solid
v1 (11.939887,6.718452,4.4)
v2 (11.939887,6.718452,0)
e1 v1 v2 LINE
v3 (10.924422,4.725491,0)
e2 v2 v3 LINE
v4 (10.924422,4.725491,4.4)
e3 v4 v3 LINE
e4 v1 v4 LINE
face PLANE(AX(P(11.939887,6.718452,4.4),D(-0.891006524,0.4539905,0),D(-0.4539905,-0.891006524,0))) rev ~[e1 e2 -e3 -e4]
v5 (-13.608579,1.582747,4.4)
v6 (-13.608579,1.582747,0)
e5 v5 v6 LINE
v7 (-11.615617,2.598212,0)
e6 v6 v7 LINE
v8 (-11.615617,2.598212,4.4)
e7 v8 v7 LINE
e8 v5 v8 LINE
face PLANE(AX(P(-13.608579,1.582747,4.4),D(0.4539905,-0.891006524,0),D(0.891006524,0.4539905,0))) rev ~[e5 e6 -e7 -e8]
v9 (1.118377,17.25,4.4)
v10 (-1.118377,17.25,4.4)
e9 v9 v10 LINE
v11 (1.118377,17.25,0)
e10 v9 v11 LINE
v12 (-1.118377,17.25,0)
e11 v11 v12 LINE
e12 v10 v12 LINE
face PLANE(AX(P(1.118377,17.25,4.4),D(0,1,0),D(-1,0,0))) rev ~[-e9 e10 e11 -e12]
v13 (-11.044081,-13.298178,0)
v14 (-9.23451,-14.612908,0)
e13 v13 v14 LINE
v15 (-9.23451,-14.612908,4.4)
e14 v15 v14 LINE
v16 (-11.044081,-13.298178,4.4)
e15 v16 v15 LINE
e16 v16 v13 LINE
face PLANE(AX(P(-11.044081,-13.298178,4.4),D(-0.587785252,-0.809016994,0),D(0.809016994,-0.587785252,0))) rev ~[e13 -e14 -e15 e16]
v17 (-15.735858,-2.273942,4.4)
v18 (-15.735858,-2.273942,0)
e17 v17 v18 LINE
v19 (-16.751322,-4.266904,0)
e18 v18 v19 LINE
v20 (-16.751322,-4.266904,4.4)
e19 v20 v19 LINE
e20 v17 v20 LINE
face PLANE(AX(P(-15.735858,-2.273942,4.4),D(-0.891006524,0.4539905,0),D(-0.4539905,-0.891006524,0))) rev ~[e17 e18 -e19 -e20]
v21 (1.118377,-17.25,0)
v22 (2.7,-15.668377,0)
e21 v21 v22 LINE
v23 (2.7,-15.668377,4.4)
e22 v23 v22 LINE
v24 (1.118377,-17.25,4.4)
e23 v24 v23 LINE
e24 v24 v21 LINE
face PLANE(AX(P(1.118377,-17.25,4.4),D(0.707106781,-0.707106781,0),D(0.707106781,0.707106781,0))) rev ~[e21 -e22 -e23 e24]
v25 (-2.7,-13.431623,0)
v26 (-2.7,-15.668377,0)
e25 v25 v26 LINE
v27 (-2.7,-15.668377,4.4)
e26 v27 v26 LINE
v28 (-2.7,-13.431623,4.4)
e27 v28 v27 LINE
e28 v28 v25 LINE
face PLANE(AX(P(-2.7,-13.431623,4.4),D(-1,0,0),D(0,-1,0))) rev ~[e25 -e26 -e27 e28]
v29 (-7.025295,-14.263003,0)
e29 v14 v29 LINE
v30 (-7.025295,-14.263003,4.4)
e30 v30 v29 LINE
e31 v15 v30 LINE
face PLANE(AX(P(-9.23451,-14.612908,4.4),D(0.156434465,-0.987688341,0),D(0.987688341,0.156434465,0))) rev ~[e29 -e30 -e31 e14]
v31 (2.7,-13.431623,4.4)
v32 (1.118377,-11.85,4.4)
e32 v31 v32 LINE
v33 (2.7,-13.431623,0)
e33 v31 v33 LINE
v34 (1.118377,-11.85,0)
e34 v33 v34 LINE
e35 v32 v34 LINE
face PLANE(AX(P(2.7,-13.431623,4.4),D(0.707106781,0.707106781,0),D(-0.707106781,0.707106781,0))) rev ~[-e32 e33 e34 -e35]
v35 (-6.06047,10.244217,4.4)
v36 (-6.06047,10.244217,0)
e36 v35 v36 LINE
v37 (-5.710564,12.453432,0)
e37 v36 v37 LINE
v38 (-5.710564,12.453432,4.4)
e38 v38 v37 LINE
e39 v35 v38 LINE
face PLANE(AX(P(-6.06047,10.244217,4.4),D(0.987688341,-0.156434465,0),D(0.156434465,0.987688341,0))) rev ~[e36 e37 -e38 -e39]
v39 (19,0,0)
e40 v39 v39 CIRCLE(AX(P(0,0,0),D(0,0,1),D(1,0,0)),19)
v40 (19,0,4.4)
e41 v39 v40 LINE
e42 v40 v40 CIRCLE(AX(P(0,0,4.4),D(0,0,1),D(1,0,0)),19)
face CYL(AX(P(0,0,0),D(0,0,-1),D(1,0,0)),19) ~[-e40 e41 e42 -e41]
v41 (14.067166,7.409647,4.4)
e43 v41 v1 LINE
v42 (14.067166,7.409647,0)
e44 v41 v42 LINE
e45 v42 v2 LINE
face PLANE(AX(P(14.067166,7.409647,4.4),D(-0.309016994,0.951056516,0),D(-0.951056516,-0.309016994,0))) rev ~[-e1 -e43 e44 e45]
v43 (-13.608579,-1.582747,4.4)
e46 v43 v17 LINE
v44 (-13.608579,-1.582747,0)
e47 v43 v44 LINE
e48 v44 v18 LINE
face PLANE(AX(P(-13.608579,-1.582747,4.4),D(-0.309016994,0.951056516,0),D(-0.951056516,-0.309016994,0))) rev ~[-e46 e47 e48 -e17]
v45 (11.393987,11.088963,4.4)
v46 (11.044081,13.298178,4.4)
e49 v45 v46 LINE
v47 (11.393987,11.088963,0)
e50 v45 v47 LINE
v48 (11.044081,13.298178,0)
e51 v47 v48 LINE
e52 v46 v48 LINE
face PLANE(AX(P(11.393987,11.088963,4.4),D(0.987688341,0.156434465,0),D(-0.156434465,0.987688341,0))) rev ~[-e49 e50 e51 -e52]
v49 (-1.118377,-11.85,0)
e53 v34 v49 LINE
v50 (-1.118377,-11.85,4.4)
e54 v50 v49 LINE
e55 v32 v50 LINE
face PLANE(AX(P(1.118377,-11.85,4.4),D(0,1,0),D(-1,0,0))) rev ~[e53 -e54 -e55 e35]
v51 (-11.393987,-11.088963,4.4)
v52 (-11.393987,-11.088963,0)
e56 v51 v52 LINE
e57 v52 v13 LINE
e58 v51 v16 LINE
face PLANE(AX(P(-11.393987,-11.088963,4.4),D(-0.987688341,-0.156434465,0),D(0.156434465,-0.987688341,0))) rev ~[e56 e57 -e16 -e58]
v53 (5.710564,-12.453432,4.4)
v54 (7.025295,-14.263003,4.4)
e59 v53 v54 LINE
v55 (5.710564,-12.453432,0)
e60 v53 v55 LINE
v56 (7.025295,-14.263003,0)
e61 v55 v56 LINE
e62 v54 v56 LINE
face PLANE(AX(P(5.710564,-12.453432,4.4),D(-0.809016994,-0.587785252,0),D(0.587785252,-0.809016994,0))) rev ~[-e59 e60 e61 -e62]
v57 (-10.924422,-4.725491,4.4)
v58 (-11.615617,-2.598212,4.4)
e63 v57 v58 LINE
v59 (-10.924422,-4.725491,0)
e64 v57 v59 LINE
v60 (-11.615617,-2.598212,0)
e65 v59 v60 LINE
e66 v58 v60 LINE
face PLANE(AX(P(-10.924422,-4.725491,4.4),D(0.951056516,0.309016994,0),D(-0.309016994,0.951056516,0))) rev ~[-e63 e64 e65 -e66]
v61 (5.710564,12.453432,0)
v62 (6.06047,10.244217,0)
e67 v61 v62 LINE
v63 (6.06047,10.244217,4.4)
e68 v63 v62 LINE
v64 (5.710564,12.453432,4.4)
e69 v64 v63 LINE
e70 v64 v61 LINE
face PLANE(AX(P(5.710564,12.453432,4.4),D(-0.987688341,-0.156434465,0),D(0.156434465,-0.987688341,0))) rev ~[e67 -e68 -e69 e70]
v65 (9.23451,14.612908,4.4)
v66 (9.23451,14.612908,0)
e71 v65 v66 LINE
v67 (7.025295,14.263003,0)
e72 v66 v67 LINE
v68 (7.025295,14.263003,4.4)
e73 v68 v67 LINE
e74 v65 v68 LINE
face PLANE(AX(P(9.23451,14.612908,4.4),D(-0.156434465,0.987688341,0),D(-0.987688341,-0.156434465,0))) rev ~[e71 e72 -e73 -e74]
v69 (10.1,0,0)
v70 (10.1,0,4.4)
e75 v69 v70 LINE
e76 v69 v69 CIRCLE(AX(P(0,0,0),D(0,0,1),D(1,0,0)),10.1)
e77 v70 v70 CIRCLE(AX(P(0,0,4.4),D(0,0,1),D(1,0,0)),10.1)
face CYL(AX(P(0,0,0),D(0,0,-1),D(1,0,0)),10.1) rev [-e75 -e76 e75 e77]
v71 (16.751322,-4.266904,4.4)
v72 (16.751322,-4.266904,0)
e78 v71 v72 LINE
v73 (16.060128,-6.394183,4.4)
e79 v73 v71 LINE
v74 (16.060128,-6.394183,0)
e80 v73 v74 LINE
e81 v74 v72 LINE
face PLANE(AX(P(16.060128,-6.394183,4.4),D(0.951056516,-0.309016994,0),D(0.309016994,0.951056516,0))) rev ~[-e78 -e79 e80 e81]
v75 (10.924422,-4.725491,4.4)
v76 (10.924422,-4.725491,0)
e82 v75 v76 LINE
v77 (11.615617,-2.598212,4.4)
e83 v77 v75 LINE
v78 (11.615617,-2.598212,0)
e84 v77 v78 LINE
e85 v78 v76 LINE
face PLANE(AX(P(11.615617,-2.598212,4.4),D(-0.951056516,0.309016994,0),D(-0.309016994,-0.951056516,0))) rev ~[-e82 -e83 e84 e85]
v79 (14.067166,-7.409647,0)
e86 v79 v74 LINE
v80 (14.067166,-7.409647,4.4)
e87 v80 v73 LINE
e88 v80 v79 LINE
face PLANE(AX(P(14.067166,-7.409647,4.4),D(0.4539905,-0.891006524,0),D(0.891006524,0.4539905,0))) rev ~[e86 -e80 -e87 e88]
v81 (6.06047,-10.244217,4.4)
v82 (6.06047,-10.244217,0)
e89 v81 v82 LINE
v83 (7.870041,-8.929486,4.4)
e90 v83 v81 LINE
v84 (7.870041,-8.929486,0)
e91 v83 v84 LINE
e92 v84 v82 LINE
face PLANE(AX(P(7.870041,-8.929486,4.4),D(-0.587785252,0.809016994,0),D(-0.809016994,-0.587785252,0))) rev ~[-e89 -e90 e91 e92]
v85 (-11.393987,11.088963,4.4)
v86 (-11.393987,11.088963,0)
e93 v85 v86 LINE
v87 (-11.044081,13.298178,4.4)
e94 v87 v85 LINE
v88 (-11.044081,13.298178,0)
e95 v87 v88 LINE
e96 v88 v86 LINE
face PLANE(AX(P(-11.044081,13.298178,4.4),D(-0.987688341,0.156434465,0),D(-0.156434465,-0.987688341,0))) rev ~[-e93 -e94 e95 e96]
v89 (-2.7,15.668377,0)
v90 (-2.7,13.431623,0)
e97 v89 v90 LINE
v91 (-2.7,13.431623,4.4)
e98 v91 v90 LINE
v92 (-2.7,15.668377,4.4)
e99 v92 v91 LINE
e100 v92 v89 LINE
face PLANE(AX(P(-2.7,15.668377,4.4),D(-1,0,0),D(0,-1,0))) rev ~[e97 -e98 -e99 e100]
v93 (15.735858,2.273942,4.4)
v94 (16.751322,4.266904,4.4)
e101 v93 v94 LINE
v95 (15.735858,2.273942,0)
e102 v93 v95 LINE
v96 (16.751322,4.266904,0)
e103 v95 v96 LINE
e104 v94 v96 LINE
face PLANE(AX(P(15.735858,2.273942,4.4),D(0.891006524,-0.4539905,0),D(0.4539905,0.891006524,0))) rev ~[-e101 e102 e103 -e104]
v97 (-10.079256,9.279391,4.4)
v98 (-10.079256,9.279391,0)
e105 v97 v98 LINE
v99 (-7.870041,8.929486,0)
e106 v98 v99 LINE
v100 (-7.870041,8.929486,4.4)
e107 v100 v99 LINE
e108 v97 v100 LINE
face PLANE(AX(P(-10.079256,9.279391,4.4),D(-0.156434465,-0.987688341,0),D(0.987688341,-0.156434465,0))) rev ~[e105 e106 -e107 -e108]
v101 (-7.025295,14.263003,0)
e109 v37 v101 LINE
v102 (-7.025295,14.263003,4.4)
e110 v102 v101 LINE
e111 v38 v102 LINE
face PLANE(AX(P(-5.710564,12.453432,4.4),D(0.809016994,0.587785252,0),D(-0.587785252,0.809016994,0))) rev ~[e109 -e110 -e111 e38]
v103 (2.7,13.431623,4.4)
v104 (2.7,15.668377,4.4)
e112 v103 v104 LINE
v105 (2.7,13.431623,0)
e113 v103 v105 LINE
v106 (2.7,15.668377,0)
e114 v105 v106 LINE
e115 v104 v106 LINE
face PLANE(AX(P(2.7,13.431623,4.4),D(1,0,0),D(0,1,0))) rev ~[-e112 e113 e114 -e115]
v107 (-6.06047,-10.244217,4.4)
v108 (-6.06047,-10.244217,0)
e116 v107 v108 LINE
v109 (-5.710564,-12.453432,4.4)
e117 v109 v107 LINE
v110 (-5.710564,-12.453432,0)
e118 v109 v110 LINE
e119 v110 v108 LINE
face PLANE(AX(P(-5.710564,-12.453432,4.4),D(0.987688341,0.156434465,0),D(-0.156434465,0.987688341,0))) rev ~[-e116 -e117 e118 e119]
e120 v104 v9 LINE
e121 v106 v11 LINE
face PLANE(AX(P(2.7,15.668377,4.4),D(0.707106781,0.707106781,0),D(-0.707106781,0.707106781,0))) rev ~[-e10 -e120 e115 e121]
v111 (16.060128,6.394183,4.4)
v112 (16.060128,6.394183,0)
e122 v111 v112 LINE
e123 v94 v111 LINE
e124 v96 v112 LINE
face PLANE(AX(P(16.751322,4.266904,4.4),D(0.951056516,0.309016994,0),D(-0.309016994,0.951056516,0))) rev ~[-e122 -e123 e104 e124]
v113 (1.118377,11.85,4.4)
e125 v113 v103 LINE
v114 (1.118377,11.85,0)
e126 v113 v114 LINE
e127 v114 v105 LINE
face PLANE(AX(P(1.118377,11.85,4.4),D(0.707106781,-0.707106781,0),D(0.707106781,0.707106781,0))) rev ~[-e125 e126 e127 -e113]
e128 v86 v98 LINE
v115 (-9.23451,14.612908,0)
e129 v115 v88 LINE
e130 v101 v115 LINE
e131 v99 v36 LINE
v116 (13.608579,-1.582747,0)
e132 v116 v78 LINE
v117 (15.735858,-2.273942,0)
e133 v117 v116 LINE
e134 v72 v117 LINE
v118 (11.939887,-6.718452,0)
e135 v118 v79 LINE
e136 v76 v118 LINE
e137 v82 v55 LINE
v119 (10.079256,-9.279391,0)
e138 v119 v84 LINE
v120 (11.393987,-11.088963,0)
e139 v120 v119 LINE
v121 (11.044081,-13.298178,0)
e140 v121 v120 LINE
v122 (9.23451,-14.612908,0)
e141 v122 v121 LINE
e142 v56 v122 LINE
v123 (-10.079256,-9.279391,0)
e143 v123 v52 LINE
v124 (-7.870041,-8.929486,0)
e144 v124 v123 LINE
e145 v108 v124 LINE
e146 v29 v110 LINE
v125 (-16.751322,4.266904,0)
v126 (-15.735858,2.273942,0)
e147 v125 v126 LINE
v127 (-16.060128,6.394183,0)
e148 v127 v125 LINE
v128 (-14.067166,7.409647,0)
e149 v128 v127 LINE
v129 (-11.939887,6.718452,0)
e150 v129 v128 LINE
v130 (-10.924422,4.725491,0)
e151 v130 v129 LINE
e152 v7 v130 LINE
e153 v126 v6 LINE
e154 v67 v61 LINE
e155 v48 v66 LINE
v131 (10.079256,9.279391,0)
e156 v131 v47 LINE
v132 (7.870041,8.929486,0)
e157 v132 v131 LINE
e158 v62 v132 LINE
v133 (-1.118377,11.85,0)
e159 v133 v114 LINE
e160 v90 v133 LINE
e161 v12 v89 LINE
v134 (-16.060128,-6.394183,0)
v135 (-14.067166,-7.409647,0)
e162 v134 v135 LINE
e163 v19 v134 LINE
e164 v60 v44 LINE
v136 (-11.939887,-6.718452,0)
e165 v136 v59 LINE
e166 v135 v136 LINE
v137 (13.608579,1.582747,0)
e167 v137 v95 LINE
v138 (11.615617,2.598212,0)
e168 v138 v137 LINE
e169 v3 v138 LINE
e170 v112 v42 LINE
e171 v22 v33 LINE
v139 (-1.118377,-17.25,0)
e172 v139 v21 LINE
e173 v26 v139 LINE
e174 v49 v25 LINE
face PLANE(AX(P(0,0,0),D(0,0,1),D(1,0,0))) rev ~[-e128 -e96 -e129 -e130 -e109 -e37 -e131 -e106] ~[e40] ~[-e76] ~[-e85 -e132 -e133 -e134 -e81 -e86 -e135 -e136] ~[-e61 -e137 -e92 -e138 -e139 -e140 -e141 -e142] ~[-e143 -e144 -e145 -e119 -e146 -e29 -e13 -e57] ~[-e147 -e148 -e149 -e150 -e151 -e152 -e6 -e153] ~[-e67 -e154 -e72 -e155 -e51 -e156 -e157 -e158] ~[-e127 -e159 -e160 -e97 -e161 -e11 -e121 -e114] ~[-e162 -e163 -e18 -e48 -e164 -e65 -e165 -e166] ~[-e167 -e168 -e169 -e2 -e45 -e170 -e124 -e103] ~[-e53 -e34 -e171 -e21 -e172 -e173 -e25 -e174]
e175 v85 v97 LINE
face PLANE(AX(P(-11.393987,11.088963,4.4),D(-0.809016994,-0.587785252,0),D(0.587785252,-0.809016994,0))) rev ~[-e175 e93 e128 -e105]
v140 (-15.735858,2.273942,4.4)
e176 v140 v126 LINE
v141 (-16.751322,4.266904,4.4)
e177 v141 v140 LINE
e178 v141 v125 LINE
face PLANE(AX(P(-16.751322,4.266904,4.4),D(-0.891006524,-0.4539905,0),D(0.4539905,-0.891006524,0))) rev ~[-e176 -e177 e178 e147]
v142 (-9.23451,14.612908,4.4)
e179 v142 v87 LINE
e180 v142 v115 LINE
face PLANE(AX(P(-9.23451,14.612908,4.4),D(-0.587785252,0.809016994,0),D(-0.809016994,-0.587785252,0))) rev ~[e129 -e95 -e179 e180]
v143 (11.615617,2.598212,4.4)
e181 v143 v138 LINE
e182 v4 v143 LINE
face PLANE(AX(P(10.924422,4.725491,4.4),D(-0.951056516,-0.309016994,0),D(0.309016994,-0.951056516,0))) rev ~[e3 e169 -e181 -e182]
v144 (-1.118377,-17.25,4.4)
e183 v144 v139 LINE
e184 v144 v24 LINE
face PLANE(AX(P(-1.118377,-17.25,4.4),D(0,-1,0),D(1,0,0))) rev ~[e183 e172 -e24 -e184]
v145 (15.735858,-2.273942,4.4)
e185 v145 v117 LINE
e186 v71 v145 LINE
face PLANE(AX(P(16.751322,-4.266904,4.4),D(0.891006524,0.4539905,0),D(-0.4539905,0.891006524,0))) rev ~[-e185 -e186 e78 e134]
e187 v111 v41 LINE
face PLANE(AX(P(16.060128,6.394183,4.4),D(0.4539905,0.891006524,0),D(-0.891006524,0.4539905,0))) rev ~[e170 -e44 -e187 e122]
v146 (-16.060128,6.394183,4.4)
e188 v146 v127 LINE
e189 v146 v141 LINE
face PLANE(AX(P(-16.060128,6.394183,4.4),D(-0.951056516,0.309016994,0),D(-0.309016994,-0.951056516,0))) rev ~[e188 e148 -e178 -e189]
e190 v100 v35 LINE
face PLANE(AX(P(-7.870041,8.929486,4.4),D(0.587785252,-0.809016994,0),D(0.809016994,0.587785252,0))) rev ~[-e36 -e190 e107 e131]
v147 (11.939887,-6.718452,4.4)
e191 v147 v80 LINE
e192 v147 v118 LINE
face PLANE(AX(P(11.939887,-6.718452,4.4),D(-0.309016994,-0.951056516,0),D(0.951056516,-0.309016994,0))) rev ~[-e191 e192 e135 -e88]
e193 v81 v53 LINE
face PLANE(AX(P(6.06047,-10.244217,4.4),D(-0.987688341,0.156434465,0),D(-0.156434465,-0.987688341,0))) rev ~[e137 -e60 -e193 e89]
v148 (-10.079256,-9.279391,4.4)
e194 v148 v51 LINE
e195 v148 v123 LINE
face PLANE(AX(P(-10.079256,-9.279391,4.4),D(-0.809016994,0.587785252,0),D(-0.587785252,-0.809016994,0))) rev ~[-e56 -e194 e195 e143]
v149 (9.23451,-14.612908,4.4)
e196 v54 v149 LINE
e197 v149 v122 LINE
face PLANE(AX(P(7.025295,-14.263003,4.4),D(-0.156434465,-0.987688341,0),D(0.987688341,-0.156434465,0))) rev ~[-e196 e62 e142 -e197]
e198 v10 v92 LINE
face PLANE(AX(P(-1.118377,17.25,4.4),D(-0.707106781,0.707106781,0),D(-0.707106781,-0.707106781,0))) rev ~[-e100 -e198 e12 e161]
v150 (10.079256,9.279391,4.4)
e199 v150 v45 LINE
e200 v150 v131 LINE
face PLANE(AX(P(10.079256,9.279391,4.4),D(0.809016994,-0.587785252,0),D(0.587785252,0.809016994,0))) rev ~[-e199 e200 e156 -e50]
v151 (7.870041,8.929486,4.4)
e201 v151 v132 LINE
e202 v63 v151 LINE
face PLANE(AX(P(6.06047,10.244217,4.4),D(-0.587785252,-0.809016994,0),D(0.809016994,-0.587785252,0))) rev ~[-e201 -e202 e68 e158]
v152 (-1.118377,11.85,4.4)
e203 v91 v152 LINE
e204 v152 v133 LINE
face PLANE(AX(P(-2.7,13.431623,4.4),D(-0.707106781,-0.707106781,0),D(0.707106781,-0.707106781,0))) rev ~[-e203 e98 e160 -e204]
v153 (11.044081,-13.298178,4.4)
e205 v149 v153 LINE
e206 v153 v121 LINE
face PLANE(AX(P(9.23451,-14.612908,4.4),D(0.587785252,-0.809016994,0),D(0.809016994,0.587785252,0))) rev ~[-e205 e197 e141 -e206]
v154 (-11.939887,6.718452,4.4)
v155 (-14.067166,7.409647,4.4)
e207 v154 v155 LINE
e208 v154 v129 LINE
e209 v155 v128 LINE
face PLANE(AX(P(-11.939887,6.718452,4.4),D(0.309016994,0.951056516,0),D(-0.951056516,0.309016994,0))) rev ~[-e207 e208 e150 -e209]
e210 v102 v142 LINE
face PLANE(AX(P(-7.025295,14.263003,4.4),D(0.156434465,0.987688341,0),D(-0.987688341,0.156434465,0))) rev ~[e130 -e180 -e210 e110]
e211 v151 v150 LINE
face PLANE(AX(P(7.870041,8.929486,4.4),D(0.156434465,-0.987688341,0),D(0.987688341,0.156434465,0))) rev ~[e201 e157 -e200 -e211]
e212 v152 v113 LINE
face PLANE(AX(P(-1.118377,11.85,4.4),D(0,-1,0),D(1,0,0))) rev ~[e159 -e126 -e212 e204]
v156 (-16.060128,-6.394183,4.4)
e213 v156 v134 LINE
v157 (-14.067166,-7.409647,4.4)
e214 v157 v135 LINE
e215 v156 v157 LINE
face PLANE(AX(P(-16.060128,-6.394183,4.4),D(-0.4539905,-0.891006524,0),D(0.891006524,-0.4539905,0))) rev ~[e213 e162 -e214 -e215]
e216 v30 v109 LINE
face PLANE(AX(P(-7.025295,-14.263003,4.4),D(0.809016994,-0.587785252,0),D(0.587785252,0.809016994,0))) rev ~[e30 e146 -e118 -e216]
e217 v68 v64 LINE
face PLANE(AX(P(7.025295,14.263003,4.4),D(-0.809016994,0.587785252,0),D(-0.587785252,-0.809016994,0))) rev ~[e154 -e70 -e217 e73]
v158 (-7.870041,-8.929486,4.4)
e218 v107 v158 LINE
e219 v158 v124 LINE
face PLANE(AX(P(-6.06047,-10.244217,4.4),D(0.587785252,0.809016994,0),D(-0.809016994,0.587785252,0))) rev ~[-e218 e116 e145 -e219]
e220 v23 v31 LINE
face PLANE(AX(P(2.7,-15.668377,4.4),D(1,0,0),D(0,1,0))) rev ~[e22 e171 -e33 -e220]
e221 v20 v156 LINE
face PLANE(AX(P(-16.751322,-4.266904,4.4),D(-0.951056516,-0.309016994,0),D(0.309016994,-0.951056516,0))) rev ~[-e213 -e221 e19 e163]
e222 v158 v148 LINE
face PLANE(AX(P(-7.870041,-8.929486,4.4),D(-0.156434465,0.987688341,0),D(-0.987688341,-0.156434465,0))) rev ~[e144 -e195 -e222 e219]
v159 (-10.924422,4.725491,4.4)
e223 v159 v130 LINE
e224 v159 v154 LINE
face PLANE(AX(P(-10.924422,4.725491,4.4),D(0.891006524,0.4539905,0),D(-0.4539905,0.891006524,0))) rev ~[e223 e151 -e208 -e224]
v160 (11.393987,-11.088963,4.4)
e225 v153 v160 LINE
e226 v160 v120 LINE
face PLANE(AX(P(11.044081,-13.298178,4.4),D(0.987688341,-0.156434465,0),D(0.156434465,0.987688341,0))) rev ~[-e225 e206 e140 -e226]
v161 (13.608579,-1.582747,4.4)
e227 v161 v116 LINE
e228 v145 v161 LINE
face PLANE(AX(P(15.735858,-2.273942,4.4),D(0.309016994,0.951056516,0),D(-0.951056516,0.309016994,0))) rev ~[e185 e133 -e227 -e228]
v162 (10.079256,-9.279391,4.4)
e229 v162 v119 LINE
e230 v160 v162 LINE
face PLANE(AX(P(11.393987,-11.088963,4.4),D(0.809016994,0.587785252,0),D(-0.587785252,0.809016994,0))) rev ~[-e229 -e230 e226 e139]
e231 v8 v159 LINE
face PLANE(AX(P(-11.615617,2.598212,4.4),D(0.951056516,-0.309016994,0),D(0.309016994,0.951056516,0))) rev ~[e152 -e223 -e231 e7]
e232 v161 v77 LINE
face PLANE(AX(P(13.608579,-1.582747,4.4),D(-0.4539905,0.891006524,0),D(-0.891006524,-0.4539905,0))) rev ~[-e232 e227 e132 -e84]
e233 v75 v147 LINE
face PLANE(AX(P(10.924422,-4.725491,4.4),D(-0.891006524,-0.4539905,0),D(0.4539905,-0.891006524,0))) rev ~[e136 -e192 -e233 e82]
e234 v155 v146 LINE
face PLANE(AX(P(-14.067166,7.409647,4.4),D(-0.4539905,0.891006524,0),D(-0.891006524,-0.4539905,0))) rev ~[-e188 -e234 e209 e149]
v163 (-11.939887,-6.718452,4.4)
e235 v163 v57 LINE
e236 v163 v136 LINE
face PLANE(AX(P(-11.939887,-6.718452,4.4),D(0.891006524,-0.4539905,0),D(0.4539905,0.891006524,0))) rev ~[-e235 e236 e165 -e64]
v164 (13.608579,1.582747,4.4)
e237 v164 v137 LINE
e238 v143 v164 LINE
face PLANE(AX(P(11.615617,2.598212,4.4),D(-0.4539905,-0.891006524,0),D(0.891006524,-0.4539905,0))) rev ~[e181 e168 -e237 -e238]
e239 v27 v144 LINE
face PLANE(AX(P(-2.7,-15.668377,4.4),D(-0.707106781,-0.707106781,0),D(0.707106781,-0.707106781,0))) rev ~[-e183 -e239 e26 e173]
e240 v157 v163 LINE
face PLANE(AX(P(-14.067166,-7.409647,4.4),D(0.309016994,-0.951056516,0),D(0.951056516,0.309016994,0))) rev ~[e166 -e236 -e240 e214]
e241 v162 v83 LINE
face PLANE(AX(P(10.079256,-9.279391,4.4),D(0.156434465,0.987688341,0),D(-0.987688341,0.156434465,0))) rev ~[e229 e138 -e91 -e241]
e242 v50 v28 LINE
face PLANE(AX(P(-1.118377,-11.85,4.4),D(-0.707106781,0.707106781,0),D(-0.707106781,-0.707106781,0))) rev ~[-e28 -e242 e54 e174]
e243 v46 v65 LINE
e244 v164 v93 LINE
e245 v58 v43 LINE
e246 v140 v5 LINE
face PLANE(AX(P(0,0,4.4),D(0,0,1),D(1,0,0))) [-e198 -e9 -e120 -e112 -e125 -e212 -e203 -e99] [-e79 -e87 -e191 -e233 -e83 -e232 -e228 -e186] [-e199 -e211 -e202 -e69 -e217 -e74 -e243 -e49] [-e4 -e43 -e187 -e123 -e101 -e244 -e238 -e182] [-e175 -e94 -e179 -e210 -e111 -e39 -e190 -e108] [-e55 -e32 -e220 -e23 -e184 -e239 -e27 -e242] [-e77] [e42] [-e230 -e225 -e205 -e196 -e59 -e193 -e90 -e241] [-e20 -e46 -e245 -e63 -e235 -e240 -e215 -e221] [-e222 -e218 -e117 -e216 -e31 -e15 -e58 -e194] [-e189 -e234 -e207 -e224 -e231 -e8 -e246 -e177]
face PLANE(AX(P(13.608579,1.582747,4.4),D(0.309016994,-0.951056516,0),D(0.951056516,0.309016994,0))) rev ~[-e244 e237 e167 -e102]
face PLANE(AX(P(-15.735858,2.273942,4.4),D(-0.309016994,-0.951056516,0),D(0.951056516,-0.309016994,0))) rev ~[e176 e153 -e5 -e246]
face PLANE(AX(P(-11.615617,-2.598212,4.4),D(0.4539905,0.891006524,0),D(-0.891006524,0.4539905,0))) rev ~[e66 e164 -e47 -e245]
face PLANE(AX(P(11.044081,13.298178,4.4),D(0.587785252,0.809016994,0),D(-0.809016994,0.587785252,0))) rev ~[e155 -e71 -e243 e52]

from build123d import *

# Parameters (mm, degrees)
CROQUIS1_R              = 19
CROQUIS1_R_2            = 10.1
SALIENTE_EXTRUIR1_DEPTH = 4.4
CORTAR_EXTRUIR1_DEPTH   = 4.4
MATRIZC1_COUNT          = 10


with BuildPart() as part:
    # Croquis1 → Saliente-Extruir1 (new body)
    with BuildSketch(Plane(origin=(0, 0, 0), x_dir=(0, 1, 0), z_dir=(0, 0, 1))):
        with Locations(Location((0, 0, 0), (0, 0, 270))):
            Circle(CROQUIS1_R)
        with Locations(Location((0, 0, 0), (0, 0, 270))):
            Circle(CROQUIS1_R_2, mode=Mode.SUBTRACT)
    extrude(amount=SALIENTE_EXTRUIR1_DEPTH)

    # Croquis2 → Cortar-Extruir1 (cut)
    with BuildSketch(Plane.XY.offset(4.4)):
        Polygon((2.7, 13.431623382), (2.7, 15.668376618), (1.118376618, 17.25), (-1.118376618, 17.25), (-2.7, 15.668376618), (-2.7, 13.431623382), (-1.118376618, 11.85), (1.118376618, 11.85), align=None)
    cortar_extruir1 = extrude(amount=-CORTAR_EXTRUIR1_DEPTH, mode=Mode.SUBTRACT)

    # MatrizC1: Cortar-Extruir1 ×10 about axis
    matrizc1_axis = Axis((0, 0, 0), (0, 0, 1))
    for i in range(1, MATRIZC1_COUNT):
        add(cortar_extruir1.rotate(matrizc1_axis, i * 360 / MATRIZC1_COUNT), mode=Mode.SUBTRACT)


solid = part.part
